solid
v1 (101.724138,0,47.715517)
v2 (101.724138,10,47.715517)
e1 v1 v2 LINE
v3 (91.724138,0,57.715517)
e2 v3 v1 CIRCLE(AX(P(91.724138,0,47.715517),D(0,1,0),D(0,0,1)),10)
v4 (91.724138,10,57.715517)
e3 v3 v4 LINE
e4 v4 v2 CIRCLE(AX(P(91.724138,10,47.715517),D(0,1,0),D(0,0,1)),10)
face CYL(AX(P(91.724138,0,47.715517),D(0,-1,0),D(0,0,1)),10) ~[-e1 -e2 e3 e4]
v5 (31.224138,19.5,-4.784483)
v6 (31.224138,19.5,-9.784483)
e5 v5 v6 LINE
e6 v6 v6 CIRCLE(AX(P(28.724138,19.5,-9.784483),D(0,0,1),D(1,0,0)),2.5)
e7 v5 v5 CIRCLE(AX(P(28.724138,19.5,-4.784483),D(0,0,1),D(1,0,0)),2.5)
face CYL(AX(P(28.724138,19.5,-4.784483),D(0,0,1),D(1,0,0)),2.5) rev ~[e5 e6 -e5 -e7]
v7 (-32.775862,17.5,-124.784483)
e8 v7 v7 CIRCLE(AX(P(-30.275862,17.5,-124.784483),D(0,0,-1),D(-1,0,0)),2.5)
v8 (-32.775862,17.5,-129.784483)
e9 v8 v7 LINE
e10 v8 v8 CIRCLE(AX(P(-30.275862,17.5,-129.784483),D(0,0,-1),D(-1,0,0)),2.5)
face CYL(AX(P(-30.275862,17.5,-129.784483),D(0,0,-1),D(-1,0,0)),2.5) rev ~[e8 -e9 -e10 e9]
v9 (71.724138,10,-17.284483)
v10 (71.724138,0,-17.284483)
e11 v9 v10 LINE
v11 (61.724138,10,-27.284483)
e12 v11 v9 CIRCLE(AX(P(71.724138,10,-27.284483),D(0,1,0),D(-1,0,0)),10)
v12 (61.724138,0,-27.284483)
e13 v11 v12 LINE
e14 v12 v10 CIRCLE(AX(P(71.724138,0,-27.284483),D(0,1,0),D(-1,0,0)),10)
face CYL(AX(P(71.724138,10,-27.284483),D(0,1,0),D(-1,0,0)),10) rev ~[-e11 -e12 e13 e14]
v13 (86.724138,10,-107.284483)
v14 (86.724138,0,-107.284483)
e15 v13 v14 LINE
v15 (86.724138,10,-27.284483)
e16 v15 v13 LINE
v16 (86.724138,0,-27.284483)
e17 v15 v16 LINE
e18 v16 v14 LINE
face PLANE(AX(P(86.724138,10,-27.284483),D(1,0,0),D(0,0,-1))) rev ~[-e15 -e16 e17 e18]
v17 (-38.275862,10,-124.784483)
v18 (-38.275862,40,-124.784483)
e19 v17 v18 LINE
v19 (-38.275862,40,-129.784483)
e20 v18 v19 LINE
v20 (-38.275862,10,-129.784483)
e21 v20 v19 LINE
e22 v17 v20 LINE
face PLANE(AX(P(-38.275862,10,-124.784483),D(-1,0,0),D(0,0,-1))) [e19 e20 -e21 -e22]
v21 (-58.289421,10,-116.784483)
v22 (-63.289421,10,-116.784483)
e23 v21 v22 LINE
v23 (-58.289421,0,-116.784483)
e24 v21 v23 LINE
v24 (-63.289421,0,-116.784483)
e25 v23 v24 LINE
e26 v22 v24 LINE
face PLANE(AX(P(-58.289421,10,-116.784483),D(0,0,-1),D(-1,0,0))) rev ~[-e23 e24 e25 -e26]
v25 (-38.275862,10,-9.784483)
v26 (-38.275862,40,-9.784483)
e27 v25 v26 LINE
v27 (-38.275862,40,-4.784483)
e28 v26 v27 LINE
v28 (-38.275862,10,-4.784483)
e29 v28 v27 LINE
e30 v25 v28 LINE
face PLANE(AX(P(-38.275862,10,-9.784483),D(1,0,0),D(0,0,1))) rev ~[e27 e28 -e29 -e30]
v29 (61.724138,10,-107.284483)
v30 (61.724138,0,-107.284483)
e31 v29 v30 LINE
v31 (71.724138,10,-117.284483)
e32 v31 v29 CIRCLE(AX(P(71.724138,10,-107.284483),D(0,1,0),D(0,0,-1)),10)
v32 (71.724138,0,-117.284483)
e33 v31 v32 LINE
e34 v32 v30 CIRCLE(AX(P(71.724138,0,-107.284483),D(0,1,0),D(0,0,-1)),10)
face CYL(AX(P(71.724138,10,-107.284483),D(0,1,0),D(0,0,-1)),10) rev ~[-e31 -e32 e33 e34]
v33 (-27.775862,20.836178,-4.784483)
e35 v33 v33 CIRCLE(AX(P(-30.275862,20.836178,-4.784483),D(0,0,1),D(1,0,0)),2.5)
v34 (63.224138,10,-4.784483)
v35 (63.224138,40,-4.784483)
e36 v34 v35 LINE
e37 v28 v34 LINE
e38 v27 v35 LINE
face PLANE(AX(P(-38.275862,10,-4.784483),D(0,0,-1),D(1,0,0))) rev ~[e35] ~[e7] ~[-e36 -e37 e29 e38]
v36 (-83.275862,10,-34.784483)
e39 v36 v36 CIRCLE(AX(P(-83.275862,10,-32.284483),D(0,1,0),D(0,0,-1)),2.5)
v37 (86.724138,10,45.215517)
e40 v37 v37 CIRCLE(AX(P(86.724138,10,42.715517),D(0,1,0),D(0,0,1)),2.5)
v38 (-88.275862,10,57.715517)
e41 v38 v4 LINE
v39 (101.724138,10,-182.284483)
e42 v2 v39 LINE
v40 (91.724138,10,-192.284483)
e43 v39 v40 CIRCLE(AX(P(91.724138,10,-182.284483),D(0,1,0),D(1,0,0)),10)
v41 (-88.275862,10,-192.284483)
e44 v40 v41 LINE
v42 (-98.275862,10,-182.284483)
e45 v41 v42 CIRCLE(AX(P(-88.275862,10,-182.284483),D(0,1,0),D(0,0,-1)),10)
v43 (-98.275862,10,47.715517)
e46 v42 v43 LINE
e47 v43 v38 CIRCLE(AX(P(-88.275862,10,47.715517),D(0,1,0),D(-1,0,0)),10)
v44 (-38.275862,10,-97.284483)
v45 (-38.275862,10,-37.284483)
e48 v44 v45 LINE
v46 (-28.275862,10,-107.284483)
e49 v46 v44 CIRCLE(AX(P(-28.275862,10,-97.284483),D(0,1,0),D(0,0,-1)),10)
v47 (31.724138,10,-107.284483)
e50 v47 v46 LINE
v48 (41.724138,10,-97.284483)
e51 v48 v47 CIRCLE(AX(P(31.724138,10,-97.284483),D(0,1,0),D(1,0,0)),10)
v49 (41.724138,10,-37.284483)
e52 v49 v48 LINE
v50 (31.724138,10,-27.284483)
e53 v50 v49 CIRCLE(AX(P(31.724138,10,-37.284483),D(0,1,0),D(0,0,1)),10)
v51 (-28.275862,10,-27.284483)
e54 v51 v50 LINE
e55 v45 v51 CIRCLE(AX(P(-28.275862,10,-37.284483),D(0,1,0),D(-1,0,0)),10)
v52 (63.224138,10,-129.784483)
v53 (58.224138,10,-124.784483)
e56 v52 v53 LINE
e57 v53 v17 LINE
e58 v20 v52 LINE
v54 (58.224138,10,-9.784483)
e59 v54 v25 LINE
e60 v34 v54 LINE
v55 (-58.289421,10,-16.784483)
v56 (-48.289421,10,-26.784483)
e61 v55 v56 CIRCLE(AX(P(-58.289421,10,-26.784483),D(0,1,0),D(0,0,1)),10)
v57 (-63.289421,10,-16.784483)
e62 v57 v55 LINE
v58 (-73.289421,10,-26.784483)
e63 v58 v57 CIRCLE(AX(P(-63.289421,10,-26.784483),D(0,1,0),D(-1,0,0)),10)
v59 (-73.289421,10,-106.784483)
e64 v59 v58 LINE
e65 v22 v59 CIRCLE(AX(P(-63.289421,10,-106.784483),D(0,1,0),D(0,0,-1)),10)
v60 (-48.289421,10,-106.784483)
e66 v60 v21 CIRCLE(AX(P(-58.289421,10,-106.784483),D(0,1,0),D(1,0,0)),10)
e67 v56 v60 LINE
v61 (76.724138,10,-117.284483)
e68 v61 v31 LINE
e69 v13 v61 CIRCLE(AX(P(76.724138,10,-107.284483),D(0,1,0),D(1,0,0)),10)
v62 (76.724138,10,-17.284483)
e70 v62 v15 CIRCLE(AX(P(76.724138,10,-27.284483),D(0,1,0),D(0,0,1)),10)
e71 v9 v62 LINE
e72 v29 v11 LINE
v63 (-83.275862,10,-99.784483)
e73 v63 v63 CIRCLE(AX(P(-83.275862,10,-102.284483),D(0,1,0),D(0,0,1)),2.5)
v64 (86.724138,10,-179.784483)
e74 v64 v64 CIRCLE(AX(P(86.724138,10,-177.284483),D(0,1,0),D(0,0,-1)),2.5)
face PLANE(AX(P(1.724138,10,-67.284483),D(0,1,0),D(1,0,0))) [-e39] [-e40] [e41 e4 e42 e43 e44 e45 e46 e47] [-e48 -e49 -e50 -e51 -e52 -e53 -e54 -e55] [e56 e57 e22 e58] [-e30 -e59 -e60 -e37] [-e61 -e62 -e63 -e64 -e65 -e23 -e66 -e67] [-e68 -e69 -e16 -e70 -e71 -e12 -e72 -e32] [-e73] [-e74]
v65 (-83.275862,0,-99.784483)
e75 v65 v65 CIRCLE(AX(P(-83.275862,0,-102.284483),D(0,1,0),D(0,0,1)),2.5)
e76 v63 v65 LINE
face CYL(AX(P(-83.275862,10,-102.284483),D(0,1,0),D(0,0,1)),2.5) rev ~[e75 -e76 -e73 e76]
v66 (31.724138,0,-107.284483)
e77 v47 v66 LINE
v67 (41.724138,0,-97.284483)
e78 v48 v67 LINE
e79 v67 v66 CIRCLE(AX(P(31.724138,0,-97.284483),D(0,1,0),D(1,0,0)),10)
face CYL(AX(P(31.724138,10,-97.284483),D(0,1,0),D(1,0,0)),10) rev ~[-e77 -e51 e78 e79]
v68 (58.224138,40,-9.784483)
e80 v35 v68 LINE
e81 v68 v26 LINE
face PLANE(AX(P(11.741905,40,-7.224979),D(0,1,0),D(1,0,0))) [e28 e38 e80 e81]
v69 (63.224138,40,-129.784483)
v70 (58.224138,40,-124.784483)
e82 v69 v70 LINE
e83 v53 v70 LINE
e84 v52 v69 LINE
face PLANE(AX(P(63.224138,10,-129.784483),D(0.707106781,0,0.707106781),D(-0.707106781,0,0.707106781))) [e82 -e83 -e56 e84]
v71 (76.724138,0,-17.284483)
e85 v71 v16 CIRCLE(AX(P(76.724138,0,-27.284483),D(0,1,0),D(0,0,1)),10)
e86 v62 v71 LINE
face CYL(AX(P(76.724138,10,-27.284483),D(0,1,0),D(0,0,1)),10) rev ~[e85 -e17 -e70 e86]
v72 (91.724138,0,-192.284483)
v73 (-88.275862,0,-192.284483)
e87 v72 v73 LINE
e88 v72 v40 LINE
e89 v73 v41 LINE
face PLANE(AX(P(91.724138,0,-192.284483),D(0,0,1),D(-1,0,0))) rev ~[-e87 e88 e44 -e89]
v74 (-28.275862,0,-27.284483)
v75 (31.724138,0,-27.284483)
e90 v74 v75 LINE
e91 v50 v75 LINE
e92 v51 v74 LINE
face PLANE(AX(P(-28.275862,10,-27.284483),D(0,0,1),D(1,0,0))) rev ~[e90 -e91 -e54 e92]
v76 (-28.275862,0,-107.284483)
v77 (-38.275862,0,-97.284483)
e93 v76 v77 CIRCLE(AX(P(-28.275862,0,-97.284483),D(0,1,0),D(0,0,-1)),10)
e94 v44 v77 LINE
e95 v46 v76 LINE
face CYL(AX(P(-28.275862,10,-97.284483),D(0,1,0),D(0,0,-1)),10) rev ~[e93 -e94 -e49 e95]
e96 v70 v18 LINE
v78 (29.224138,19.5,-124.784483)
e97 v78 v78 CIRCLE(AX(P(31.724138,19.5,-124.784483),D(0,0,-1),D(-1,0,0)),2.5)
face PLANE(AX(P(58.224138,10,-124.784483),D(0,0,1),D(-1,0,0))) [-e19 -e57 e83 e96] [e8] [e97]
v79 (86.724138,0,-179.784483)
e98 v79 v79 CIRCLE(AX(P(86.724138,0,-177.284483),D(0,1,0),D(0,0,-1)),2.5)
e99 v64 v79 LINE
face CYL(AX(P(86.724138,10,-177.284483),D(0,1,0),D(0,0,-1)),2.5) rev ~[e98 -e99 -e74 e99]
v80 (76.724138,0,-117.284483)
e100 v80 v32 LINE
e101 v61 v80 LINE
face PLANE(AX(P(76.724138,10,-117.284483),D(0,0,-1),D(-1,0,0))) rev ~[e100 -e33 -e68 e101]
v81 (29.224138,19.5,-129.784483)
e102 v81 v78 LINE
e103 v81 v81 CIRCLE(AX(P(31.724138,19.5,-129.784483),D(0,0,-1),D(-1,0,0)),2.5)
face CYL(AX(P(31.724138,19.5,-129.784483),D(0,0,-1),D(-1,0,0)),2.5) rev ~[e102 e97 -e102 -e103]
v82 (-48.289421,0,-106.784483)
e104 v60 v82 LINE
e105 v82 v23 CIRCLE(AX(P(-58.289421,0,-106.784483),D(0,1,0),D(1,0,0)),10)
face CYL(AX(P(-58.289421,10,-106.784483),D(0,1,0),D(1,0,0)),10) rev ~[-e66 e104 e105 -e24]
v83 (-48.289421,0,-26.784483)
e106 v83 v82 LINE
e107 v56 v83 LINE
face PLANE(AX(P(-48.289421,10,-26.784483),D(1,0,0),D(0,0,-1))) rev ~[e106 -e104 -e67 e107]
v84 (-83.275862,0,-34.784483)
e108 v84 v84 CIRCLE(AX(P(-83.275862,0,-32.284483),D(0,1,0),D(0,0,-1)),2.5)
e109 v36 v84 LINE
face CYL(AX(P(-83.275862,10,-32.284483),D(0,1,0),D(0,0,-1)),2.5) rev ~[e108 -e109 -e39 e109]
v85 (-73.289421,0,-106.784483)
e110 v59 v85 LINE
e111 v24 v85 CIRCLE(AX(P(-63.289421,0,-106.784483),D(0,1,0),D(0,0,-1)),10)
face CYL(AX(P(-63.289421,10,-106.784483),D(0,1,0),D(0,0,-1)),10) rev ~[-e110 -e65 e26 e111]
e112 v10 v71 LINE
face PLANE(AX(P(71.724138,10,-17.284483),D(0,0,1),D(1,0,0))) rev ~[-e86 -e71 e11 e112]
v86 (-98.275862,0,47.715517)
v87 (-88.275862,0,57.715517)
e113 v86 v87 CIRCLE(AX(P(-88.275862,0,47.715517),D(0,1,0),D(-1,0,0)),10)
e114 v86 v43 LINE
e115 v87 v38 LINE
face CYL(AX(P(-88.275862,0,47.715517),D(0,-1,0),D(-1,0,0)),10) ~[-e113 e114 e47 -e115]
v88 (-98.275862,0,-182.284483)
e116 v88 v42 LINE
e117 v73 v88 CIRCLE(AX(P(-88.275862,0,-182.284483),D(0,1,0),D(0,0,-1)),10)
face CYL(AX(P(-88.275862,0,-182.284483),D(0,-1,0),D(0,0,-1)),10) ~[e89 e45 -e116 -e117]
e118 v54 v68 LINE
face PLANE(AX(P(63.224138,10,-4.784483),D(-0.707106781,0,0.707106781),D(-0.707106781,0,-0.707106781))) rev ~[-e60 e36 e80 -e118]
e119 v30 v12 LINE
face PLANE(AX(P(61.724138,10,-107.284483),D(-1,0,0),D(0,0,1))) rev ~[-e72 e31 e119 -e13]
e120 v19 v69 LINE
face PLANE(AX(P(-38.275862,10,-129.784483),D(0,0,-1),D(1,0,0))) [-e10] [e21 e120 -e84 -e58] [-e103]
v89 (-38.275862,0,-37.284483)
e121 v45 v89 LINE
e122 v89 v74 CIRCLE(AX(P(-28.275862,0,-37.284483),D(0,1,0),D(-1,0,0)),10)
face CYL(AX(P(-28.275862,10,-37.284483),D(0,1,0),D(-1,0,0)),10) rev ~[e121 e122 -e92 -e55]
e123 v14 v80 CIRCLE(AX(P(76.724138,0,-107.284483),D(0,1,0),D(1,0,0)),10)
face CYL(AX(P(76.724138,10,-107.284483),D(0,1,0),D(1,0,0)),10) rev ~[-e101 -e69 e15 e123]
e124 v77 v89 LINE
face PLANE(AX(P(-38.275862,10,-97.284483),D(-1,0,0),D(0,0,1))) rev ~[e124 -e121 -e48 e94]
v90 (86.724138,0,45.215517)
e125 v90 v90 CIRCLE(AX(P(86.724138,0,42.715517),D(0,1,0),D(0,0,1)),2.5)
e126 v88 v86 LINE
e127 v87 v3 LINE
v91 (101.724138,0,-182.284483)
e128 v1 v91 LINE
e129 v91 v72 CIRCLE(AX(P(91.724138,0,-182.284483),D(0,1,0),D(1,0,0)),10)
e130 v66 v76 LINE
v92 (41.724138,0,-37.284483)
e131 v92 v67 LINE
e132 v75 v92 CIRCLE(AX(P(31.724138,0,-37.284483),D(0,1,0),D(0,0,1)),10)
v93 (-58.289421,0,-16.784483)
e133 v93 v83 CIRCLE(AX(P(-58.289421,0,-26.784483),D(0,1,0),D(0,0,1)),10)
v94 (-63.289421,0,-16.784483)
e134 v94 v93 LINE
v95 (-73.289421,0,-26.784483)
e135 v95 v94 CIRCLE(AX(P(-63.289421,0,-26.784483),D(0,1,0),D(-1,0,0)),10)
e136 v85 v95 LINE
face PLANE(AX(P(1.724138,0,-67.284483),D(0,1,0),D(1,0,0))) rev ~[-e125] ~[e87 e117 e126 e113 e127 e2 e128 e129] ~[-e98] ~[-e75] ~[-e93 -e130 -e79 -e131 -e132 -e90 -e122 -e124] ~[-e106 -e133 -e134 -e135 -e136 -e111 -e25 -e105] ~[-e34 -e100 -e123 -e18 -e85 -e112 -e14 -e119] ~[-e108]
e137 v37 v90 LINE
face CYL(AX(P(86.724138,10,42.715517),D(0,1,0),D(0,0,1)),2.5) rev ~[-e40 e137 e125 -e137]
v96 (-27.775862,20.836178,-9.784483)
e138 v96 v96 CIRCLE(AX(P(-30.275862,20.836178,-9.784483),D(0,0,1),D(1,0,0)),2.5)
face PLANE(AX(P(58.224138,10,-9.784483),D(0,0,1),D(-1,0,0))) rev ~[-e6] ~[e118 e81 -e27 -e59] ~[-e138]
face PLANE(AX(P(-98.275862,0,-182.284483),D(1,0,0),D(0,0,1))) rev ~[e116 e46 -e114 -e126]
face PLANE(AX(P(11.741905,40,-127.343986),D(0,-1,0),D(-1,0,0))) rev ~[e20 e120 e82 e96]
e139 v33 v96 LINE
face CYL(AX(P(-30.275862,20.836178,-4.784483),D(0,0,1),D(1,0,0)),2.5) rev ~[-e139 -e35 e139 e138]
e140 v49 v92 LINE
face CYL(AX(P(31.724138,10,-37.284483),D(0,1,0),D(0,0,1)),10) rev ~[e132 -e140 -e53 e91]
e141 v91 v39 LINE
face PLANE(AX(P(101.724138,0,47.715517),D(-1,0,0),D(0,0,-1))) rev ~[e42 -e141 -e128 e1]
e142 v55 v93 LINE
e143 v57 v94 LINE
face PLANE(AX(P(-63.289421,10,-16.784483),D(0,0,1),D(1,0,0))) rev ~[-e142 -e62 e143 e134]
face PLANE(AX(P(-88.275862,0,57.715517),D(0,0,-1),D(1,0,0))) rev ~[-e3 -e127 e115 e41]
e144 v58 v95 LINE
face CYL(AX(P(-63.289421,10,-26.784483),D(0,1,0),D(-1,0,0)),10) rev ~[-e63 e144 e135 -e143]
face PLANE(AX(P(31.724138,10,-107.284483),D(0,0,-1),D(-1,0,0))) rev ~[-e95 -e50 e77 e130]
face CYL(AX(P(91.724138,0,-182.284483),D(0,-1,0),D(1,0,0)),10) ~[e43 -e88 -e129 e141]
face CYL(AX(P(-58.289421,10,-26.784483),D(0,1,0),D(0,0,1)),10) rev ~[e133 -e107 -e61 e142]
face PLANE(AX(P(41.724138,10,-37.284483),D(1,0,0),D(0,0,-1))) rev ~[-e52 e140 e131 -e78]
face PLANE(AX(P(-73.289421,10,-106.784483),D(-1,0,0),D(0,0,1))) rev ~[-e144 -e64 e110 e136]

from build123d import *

# Parameters (mm, degrees)
RESSALTO_EXTRUS_O1_DEPTH = 10
ESBO_O2_R                = 2.5
CORTE_EXTRUS_O1_DEPTH    = 218.763914705
RESSALTO_EXTRUS_O2_DEPTH = 30
ESBO_O5_R                = 2.5
CORTE_EXTRUS_O2_DEPTH    = 5
ESBO_O6_R                = 2.5
CORTE_EXTRUS_O3_DEPTH    = 5
CORTE_EXTRUS_O4_DEPTH    = 10


with BuildPart() as part:
    # Esboço1 → Ressalto-extrusão1 (new body)
    with BuildSketch(Plane(origin=(0, 0, 0), x_dir=(1, 0, 0), z_dir=(0, 1, 0))):
        with BuildLine():
            Line((-88.275862069, -57.715517241), (91.724137931, -57.715517241))
            ThreePointArc((91.724137931, -57.715517241), (98.795205743, -54.786585053), (101.724137931, -47.715517241))
            Line((101.724137931, -47.715517241), (101.724137931, 182.284482759))
            ThreePointArc((101.724137931, 182.284482759), (98.795205743, 189.35555057), (91.724137931, 192.284482759))
            Line((91.724137931, 192.284482759), (-88.275862069, 192.284482759))
            ThreePointArc((-88.275862069, 192.284482759), (-95.346929881, 189.35555057), (-98.275862069, 182.284482759))
            Line((-98.275862069, 182.284482759), (-98.275862069, -47.715517241))
            ThreePointArc((-98.275862069, -47.715517241), (-95.346929881, -54.786585053), (-88.275862069, -57.715517241))
        make_face()
    extrude(amount=RESSALTO_EXTRUS_O1_DEPTH)

    # Esboço2 → Corte-extrusão1 (cut, through all)
    with BuildSketch(Plane(origin=(0, 10, 0), x_dir=(1, 0, 0), z_dir=(0, 1, 0))):
        with Locations(Location((-83.275862069, 102.284482759, 0), (0, 0, 270))):
            Circle(ESBO_O2_R)
        with Locations(Location((86.724137931, 177.284482759, 0), (0, 0, 90))):
            Circle(ESBO_O2_R)
        with Locations(Location((86.724137931, -42.715517241, 0), (0, 0, 270))):
            Circle(ESBO_O2_R)
        with Locations(Location((-83.275862069, 32.284482759, 0), (0, 0, 90))):
            Circle(ESBO_O2_R)
        with BuildLine():
            Line((31.724137931, 107.284482759), (-28.275862069, 107.284482759))
            ThreePointArc((-28.275862069, 107.284482759), (-35.346929881, 104.35555057), (-38.275862069, 97.284482759))
            Line((-38.275862069, 97.284482759), (-38.275862069, 37.284482759))
            ThreePointArc((-38.275862069, 37.284482759), (-35.346929881, 30.213414947), (-28.275862069, 27.284482759))
            Line((-28.275862069, 27.284482759), (31.724137931, 27.284482759))
            ThreePointArc((31.724137931, 27.284482759), (38.795205743, 30.213414947), (41.724137931, 37.284482759))
            Line((41.724137931, 37.284482759), (41.724137931, 97.284482759))
            ThreePointArc((41.724137931, 97.284482759), (38.795205743, 104.35555057), (31.724137931, 107.284482759))
        make_face()
    extrude(amount=-CORTE_EXTRUS_O1_DEPTH, mode=Mode.SUBTRACT)

    # Esboço4 → Ressalto-extrusão2 (add)
    with BuildSketch(Plane(origin=(0, 10, 0), x_dir=(1, 0, 0), z_dir=(0, 1, 0))):
        Polygon((58.224137931, 9.784482759), (-38.275862069, 9.784482759), (-38.275862069, 4.784482759), (63.224137931, 4.784482759), align=None)
        Polygon((58.224137931, 124.784482759), (-38.275862069, 124.784482759), (-38.275862069, 129.784482759), (63.224137931, 129.784482759), align=None)
    extrude(amount=RESSALTO_EXTRUS_O2_DEPTH)

    # Esboço5 → Corte-extrusão2 (cut)
    with BuildSketch(Plane.XY.offset(-4.784482759)):
        with Locations((-30.275862069, 20.836178243)):
            Circle(ESBO_O5_R)
        with Locations((28.724137931, 19.5)):
            Circle(ESBO_O5_R)
    extrude(amount=-CORTE_EXTRUS_O2_DEPTH, mode=Mode.SUBTRACT)

    # Esboço6 → Corte-extrusão3 (cut)
    with BuildSketch(Plane(origin=(0, 0, -129.784482759), x_dir=(-1, 0, 0), z_dir=(0, 0, -1))):
        with Locations((-31.724137931, 19.5)):
            Circle(ESBO_O6_R)
        with Locations((30.275862069, 17.5)):
            Circle(ESBO_O6_R)
    extrude(amount=-CORTE_EXTRUS_O3_DEPTH, mode=Mode.SUBTRACT)

    # Esboço7 → Corte-extrusão4 (cut)
    with BuildSketch(Plane(origin=(0, 10, 0), x_dir=(1, 0, 0), z_dir=(0, 1, 0))):
        with BuildLine():
            Line((76.724137931, 117.284482759), (71.724137931, 117.284482759))
            ThreePointArc((71.724137931, 117.284482759), (64.653070119, 114.35555057), (61.724137931, 107.284482759))
            Line((61.724137931, 107.284482759), (61.724137931, 27.284482759))
            ThreePointArc((61.724137931, 27.284482759), (64.653070119, 20.213414947), (71.724137931, 17.284482759))
            Line((71.724137931, 17.284482759), (76.724137931, 17.284482759))
            ThreePointArc((76.724137931, 17.284482759), (83.795205743, 20.213414947), (86.724137931, 27.284482759))
            Line((86.724137931, 27.284482759), (86.724137931, 107.284482759))
            ThreePointArc((86.724137931, 107.284482759), (83.795205743, 114.35555057), (76.724137931, 117.284482759))
        make_face()
        with BuildLine():
            Line((-58.289420658, 116.784482759), (-63.289420658, 116.784482759))
            ThreePointArc((-63.289420658, 116.784482759), (-70.36048847, 113.85555057), (-73.289420658, 106.784482759))
            Line((-73.289420658, 106.784482759), (-73.289420658, 26.784482759))
            ThreePointArc((-73.289420658, 26.784482759), (-70.36048847, 19.713414947), (-63.289420658, 16.784482759))
            Line((-63.289420658, 16.784482759), (-58.289420658, 16.784482759))
            ThreePointArc((-58.289420658, 16.784482759), (-51.218352846, 19.713414947), (-48.289420658, 26.784482759))
            Line((-48.289420658, 26.784482759), (-48.289420658, 106.784482759))
            ThreePointArc((-48.289420658, 106.784482759), (-51.218352846, 113.85555057), (-58.289420658, 116.784482759))
        make_face()
    extrude(amount=-CORTE_EXTRUS_O4_DEPTH, mode=Mode.SUBTRACT)


solid = part.part
